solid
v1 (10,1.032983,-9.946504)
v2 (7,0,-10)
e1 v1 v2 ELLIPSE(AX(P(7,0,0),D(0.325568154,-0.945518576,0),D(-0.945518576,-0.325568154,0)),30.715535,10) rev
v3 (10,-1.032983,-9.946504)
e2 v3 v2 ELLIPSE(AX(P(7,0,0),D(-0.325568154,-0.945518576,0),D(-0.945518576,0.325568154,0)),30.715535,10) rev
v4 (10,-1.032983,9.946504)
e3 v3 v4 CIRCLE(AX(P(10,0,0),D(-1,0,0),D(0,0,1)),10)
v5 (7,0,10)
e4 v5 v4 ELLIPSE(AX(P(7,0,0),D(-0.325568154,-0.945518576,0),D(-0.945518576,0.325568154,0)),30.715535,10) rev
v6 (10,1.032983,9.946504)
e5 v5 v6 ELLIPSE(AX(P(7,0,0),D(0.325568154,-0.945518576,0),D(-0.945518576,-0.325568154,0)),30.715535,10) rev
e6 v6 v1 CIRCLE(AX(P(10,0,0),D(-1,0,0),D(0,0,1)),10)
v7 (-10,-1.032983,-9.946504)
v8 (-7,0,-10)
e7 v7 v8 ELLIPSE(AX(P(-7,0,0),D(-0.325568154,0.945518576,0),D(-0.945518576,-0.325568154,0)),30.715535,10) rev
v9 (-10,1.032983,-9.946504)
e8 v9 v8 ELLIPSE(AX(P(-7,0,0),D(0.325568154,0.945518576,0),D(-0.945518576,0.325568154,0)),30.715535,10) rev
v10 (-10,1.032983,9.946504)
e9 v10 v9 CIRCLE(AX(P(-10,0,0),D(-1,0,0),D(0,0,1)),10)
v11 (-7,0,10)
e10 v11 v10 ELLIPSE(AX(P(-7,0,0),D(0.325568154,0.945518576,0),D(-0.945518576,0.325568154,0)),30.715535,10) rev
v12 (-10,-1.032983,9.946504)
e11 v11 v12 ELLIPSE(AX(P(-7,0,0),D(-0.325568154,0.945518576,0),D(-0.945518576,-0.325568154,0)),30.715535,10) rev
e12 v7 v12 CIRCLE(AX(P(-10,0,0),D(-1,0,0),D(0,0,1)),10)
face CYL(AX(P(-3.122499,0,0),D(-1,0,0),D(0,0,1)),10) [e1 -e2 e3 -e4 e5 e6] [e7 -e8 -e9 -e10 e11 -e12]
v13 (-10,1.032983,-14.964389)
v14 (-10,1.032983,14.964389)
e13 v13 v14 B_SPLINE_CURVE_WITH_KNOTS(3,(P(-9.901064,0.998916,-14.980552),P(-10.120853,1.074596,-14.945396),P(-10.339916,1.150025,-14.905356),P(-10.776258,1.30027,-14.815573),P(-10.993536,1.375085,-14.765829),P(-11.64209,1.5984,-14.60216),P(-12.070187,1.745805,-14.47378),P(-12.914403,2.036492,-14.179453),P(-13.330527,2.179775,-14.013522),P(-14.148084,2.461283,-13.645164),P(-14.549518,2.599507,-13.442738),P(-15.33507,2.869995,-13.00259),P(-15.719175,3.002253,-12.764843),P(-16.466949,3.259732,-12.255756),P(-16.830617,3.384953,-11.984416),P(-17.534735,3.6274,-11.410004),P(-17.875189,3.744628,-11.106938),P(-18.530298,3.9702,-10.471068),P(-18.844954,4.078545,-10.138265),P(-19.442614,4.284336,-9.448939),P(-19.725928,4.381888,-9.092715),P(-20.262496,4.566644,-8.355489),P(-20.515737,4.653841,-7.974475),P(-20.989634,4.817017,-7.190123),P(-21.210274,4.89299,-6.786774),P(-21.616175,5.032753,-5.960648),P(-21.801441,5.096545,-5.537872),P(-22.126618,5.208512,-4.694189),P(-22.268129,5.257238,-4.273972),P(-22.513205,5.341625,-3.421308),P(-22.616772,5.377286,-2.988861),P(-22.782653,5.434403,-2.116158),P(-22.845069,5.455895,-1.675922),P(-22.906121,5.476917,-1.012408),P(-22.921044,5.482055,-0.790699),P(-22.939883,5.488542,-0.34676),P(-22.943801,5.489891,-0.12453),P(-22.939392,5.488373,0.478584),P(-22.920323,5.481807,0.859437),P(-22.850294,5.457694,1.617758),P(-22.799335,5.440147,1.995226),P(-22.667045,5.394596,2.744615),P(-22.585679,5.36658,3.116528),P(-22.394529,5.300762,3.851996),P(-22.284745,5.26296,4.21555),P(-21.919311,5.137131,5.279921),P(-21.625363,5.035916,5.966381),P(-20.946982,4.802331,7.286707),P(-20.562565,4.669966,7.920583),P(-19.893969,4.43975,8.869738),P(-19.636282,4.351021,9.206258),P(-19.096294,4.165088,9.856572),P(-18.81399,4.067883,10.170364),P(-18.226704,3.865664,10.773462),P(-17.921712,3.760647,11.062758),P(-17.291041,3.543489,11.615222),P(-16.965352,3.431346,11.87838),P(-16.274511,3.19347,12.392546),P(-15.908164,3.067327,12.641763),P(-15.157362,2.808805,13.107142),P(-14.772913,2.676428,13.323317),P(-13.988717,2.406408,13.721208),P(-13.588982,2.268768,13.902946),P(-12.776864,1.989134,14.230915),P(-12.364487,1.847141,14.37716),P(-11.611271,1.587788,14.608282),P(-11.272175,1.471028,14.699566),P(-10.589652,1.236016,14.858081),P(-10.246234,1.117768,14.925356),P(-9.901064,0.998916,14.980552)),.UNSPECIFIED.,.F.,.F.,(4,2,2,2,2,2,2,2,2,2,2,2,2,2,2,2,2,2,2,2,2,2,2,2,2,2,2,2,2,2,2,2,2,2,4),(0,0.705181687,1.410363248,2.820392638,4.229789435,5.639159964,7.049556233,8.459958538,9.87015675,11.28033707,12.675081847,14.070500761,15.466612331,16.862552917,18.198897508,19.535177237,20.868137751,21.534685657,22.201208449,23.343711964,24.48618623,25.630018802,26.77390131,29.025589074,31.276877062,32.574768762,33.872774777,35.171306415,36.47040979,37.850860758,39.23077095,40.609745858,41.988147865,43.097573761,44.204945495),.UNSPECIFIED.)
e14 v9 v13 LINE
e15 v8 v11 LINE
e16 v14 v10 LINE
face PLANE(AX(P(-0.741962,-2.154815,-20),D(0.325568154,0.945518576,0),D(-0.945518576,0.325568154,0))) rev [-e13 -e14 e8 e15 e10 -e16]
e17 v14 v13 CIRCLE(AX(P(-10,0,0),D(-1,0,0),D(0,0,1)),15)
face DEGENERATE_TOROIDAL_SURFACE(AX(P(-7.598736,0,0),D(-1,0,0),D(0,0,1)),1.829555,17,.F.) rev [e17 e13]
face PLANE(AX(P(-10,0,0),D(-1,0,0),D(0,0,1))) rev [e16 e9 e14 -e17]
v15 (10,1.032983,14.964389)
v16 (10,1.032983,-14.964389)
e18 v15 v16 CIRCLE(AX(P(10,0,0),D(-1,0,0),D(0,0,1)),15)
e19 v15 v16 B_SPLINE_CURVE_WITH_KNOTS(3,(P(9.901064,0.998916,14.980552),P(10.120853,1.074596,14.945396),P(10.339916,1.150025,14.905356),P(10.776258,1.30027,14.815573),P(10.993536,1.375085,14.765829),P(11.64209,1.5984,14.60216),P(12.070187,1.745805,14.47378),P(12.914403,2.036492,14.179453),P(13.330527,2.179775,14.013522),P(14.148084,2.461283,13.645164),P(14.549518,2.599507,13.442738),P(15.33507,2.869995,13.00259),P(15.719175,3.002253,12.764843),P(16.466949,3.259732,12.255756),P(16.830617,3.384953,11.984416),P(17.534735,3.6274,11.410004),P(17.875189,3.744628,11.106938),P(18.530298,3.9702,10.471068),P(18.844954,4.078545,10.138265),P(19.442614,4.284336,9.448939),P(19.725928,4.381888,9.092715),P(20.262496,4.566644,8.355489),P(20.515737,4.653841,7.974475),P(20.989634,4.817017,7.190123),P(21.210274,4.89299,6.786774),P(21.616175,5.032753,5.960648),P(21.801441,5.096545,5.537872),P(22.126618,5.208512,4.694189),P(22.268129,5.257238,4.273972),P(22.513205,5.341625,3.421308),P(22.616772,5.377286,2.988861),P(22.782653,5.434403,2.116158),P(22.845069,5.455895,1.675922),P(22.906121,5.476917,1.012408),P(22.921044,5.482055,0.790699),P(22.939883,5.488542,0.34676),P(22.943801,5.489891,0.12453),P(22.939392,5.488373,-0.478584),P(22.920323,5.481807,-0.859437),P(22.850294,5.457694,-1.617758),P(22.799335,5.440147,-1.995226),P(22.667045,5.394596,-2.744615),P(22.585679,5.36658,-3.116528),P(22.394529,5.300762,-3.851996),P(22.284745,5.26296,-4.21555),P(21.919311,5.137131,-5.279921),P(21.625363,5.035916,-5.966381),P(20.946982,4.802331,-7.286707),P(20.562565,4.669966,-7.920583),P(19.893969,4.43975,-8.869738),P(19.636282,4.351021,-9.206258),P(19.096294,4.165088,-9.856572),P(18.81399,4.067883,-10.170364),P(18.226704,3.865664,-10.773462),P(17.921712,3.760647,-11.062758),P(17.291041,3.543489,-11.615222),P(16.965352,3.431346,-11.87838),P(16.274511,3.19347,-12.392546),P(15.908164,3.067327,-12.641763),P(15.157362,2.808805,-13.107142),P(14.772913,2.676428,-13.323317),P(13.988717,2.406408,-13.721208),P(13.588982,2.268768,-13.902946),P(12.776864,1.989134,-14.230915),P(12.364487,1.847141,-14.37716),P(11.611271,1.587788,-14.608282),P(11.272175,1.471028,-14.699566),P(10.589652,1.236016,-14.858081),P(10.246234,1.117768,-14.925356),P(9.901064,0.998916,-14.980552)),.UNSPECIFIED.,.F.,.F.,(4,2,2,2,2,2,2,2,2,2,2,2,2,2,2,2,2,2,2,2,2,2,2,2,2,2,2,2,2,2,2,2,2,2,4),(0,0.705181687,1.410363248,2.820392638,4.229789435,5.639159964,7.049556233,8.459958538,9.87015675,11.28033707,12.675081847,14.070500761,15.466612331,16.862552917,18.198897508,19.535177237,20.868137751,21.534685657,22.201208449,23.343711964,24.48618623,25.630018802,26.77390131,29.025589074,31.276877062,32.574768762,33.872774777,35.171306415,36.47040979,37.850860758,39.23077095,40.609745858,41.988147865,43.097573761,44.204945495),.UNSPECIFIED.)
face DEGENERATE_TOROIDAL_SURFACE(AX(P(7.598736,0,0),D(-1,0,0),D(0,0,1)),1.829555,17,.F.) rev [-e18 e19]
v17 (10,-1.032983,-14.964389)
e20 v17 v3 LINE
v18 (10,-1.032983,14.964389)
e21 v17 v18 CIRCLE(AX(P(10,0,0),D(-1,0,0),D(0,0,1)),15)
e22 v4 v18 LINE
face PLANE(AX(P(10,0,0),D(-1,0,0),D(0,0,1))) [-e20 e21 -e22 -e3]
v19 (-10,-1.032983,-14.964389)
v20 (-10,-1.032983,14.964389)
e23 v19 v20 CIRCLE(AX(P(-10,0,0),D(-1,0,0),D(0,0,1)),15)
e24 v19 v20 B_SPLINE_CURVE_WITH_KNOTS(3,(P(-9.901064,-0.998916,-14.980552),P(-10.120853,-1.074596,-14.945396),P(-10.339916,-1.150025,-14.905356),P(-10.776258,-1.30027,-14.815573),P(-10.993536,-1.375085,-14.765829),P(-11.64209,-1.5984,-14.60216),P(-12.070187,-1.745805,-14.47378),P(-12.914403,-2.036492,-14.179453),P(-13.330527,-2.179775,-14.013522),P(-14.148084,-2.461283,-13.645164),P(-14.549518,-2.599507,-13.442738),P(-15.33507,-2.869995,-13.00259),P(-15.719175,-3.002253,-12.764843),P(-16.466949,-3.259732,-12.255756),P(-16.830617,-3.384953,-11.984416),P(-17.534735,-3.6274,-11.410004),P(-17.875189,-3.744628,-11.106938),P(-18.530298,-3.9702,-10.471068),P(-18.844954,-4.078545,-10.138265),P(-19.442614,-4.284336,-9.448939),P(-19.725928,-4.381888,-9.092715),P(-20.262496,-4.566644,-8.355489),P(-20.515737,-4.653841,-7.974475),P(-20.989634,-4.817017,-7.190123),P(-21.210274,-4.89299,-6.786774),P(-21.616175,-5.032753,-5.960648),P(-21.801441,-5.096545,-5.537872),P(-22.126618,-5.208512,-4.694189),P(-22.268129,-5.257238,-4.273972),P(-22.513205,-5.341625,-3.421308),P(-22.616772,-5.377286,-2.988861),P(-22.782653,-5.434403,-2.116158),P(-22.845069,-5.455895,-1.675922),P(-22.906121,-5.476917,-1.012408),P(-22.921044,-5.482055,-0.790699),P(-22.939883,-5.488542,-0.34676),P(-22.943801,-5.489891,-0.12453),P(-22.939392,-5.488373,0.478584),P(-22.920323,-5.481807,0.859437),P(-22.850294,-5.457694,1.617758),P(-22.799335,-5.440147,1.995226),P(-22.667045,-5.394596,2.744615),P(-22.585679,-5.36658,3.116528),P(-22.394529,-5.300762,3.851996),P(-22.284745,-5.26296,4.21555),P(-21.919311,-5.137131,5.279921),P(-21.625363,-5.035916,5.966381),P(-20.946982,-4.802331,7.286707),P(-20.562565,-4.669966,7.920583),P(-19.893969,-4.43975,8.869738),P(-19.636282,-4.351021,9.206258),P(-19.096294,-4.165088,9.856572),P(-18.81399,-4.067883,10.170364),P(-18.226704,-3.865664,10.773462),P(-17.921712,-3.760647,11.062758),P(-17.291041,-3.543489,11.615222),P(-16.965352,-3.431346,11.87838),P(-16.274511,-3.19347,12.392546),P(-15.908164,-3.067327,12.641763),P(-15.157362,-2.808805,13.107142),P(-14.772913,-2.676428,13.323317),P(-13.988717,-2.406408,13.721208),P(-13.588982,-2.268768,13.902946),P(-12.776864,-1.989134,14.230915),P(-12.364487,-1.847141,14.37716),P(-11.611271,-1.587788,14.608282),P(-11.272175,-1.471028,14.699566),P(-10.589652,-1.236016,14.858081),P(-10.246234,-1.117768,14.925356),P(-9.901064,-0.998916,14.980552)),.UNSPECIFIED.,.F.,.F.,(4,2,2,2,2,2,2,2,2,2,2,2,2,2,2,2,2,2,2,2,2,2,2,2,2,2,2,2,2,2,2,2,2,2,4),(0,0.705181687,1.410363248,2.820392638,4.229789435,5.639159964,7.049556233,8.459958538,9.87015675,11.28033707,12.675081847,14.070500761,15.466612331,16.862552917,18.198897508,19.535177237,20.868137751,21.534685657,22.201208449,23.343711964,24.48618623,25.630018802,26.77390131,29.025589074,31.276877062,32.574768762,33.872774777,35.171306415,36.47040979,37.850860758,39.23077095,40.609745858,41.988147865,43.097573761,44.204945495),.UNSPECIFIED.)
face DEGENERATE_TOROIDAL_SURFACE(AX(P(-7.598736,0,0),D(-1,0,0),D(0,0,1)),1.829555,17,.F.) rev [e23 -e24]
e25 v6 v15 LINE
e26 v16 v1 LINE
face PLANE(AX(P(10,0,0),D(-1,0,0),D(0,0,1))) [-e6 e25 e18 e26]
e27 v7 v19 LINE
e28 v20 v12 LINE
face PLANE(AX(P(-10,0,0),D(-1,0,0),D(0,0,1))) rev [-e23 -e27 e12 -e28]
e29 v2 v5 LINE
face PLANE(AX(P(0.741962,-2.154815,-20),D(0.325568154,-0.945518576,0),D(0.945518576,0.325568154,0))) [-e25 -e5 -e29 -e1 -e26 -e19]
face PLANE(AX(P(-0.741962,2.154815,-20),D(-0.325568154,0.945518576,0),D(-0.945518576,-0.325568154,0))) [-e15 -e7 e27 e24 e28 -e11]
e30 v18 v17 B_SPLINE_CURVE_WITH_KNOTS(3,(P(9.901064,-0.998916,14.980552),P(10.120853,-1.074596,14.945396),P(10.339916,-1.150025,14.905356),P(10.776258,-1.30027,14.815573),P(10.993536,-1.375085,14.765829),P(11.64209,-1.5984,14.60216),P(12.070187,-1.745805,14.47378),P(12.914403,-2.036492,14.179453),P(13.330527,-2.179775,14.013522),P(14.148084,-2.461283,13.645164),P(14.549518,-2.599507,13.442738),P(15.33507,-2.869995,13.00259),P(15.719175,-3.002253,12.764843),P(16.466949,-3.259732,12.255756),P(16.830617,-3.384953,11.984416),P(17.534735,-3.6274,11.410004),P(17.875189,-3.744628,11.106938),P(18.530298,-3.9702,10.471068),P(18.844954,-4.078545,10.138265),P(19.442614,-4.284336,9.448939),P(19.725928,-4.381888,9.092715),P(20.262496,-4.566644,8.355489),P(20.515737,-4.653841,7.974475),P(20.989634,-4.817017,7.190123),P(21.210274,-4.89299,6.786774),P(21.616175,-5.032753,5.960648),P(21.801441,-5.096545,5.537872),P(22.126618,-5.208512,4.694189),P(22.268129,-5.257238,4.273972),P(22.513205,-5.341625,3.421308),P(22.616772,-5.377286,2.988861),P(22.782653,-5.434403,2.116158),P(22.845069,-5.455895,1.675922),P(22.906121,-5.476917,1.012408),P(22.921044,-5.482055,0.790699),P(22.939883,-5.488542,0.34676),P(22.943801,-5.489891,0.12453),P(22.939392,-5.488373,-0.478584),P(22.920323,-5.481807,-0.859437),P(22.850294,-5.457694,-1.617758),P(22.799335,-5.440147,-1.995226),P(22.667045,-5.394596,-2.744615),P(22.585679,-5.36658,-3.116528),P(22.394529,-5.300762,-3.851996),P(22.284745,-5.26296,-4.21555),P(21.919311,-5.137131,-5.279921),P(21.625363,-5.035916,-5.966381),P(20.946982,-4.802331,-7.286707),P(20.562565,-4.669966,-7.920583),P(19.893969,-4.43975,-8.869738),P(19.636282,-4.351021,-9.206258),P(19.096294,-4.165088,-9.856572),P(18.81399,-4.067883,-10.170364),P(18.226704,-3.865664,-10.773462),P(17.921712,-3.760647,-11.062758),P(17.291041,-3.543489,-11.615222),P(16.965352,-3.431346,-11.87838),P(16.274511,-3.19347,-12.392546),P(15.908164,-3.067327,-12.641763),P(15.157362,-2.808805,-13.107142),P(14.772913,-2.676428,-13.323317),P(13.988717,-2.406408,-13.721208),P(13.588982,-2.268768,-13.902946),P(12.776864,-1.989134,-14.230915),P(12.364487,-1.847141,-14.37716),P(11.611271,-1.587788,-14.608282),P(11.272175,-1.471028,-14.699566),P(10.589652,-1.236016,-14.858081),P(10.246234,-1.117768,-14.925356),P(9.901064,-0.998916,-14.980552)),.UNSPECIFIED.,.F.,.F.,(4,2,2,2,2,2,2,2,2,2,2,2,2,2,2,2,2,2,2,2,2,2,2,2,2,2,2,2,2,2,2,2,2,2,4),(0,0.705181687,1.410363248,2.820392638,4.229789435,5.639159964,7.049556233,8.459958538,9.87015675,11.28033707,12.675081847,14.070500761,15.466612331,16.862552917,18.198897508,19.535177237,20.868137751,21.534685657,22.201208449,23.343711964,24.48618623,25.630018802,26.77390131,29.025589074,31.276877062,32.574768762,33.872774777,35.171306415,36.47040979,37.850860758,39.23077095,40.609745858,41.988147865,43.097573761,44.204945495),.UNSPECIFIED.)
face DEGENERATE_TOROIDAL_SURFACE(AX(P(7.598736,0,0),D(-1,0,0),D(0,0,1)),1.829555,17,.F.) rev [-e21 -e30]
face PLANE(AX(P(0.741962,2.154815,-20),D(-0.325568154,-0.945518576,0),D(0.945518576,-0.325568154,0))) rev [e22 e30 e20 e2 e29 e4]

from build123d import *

# Parameters (mm, degrees)
CUT_EXTRUDE1_DEPTH = 20


with BuildPart() as part:
    # Sketch1 → Revolve4 (revolve)
    with BuildSketch(Plane.XY):
        with BuildLine():
            Line((-10, 10), (-10, 15))
            ThreePointArc((-10, 15), (-19.821538313, 9.985820369), (-24.5, 0))
            Line((-24.5, 0), (-7, 0))
            Line((-7, 0), (7, 0))
            Line((7, 0), (24.5, 0))
            ThreePointArc((24.5, 0), (19.821538313, 9.985820369), (10, 15))
            Line((10, 15), (10, 10))
            Line((10, 10), (-10, 10))
        make_face()
    revolve(axis=Axis((-3.122498999, 0, 0), (1, 0, 0)))

    # Sketch2 → Cut-Extrude1 (cut, symmetric)
    with BuildSketch(Plane.XY):
        Polygon((-25, 0), (-7, 0), (-24.964852936, -6.185794935), align=None)
        Polygon((-24.964852936, 6.185794935), (-25, 0), (-7, 0), align=None)
        Polygon((25, 0), (7, 0), (24.964852936, 6.185794935), align=None)
        Polygon((25, 0), (7, 0), (24.964852936, -6.185794935), align=None)
    extrude(amount=CUT_EXTRUDE1_DEPTH, both=True, mode=Mode.SUBTRACT)


solid = part.part
